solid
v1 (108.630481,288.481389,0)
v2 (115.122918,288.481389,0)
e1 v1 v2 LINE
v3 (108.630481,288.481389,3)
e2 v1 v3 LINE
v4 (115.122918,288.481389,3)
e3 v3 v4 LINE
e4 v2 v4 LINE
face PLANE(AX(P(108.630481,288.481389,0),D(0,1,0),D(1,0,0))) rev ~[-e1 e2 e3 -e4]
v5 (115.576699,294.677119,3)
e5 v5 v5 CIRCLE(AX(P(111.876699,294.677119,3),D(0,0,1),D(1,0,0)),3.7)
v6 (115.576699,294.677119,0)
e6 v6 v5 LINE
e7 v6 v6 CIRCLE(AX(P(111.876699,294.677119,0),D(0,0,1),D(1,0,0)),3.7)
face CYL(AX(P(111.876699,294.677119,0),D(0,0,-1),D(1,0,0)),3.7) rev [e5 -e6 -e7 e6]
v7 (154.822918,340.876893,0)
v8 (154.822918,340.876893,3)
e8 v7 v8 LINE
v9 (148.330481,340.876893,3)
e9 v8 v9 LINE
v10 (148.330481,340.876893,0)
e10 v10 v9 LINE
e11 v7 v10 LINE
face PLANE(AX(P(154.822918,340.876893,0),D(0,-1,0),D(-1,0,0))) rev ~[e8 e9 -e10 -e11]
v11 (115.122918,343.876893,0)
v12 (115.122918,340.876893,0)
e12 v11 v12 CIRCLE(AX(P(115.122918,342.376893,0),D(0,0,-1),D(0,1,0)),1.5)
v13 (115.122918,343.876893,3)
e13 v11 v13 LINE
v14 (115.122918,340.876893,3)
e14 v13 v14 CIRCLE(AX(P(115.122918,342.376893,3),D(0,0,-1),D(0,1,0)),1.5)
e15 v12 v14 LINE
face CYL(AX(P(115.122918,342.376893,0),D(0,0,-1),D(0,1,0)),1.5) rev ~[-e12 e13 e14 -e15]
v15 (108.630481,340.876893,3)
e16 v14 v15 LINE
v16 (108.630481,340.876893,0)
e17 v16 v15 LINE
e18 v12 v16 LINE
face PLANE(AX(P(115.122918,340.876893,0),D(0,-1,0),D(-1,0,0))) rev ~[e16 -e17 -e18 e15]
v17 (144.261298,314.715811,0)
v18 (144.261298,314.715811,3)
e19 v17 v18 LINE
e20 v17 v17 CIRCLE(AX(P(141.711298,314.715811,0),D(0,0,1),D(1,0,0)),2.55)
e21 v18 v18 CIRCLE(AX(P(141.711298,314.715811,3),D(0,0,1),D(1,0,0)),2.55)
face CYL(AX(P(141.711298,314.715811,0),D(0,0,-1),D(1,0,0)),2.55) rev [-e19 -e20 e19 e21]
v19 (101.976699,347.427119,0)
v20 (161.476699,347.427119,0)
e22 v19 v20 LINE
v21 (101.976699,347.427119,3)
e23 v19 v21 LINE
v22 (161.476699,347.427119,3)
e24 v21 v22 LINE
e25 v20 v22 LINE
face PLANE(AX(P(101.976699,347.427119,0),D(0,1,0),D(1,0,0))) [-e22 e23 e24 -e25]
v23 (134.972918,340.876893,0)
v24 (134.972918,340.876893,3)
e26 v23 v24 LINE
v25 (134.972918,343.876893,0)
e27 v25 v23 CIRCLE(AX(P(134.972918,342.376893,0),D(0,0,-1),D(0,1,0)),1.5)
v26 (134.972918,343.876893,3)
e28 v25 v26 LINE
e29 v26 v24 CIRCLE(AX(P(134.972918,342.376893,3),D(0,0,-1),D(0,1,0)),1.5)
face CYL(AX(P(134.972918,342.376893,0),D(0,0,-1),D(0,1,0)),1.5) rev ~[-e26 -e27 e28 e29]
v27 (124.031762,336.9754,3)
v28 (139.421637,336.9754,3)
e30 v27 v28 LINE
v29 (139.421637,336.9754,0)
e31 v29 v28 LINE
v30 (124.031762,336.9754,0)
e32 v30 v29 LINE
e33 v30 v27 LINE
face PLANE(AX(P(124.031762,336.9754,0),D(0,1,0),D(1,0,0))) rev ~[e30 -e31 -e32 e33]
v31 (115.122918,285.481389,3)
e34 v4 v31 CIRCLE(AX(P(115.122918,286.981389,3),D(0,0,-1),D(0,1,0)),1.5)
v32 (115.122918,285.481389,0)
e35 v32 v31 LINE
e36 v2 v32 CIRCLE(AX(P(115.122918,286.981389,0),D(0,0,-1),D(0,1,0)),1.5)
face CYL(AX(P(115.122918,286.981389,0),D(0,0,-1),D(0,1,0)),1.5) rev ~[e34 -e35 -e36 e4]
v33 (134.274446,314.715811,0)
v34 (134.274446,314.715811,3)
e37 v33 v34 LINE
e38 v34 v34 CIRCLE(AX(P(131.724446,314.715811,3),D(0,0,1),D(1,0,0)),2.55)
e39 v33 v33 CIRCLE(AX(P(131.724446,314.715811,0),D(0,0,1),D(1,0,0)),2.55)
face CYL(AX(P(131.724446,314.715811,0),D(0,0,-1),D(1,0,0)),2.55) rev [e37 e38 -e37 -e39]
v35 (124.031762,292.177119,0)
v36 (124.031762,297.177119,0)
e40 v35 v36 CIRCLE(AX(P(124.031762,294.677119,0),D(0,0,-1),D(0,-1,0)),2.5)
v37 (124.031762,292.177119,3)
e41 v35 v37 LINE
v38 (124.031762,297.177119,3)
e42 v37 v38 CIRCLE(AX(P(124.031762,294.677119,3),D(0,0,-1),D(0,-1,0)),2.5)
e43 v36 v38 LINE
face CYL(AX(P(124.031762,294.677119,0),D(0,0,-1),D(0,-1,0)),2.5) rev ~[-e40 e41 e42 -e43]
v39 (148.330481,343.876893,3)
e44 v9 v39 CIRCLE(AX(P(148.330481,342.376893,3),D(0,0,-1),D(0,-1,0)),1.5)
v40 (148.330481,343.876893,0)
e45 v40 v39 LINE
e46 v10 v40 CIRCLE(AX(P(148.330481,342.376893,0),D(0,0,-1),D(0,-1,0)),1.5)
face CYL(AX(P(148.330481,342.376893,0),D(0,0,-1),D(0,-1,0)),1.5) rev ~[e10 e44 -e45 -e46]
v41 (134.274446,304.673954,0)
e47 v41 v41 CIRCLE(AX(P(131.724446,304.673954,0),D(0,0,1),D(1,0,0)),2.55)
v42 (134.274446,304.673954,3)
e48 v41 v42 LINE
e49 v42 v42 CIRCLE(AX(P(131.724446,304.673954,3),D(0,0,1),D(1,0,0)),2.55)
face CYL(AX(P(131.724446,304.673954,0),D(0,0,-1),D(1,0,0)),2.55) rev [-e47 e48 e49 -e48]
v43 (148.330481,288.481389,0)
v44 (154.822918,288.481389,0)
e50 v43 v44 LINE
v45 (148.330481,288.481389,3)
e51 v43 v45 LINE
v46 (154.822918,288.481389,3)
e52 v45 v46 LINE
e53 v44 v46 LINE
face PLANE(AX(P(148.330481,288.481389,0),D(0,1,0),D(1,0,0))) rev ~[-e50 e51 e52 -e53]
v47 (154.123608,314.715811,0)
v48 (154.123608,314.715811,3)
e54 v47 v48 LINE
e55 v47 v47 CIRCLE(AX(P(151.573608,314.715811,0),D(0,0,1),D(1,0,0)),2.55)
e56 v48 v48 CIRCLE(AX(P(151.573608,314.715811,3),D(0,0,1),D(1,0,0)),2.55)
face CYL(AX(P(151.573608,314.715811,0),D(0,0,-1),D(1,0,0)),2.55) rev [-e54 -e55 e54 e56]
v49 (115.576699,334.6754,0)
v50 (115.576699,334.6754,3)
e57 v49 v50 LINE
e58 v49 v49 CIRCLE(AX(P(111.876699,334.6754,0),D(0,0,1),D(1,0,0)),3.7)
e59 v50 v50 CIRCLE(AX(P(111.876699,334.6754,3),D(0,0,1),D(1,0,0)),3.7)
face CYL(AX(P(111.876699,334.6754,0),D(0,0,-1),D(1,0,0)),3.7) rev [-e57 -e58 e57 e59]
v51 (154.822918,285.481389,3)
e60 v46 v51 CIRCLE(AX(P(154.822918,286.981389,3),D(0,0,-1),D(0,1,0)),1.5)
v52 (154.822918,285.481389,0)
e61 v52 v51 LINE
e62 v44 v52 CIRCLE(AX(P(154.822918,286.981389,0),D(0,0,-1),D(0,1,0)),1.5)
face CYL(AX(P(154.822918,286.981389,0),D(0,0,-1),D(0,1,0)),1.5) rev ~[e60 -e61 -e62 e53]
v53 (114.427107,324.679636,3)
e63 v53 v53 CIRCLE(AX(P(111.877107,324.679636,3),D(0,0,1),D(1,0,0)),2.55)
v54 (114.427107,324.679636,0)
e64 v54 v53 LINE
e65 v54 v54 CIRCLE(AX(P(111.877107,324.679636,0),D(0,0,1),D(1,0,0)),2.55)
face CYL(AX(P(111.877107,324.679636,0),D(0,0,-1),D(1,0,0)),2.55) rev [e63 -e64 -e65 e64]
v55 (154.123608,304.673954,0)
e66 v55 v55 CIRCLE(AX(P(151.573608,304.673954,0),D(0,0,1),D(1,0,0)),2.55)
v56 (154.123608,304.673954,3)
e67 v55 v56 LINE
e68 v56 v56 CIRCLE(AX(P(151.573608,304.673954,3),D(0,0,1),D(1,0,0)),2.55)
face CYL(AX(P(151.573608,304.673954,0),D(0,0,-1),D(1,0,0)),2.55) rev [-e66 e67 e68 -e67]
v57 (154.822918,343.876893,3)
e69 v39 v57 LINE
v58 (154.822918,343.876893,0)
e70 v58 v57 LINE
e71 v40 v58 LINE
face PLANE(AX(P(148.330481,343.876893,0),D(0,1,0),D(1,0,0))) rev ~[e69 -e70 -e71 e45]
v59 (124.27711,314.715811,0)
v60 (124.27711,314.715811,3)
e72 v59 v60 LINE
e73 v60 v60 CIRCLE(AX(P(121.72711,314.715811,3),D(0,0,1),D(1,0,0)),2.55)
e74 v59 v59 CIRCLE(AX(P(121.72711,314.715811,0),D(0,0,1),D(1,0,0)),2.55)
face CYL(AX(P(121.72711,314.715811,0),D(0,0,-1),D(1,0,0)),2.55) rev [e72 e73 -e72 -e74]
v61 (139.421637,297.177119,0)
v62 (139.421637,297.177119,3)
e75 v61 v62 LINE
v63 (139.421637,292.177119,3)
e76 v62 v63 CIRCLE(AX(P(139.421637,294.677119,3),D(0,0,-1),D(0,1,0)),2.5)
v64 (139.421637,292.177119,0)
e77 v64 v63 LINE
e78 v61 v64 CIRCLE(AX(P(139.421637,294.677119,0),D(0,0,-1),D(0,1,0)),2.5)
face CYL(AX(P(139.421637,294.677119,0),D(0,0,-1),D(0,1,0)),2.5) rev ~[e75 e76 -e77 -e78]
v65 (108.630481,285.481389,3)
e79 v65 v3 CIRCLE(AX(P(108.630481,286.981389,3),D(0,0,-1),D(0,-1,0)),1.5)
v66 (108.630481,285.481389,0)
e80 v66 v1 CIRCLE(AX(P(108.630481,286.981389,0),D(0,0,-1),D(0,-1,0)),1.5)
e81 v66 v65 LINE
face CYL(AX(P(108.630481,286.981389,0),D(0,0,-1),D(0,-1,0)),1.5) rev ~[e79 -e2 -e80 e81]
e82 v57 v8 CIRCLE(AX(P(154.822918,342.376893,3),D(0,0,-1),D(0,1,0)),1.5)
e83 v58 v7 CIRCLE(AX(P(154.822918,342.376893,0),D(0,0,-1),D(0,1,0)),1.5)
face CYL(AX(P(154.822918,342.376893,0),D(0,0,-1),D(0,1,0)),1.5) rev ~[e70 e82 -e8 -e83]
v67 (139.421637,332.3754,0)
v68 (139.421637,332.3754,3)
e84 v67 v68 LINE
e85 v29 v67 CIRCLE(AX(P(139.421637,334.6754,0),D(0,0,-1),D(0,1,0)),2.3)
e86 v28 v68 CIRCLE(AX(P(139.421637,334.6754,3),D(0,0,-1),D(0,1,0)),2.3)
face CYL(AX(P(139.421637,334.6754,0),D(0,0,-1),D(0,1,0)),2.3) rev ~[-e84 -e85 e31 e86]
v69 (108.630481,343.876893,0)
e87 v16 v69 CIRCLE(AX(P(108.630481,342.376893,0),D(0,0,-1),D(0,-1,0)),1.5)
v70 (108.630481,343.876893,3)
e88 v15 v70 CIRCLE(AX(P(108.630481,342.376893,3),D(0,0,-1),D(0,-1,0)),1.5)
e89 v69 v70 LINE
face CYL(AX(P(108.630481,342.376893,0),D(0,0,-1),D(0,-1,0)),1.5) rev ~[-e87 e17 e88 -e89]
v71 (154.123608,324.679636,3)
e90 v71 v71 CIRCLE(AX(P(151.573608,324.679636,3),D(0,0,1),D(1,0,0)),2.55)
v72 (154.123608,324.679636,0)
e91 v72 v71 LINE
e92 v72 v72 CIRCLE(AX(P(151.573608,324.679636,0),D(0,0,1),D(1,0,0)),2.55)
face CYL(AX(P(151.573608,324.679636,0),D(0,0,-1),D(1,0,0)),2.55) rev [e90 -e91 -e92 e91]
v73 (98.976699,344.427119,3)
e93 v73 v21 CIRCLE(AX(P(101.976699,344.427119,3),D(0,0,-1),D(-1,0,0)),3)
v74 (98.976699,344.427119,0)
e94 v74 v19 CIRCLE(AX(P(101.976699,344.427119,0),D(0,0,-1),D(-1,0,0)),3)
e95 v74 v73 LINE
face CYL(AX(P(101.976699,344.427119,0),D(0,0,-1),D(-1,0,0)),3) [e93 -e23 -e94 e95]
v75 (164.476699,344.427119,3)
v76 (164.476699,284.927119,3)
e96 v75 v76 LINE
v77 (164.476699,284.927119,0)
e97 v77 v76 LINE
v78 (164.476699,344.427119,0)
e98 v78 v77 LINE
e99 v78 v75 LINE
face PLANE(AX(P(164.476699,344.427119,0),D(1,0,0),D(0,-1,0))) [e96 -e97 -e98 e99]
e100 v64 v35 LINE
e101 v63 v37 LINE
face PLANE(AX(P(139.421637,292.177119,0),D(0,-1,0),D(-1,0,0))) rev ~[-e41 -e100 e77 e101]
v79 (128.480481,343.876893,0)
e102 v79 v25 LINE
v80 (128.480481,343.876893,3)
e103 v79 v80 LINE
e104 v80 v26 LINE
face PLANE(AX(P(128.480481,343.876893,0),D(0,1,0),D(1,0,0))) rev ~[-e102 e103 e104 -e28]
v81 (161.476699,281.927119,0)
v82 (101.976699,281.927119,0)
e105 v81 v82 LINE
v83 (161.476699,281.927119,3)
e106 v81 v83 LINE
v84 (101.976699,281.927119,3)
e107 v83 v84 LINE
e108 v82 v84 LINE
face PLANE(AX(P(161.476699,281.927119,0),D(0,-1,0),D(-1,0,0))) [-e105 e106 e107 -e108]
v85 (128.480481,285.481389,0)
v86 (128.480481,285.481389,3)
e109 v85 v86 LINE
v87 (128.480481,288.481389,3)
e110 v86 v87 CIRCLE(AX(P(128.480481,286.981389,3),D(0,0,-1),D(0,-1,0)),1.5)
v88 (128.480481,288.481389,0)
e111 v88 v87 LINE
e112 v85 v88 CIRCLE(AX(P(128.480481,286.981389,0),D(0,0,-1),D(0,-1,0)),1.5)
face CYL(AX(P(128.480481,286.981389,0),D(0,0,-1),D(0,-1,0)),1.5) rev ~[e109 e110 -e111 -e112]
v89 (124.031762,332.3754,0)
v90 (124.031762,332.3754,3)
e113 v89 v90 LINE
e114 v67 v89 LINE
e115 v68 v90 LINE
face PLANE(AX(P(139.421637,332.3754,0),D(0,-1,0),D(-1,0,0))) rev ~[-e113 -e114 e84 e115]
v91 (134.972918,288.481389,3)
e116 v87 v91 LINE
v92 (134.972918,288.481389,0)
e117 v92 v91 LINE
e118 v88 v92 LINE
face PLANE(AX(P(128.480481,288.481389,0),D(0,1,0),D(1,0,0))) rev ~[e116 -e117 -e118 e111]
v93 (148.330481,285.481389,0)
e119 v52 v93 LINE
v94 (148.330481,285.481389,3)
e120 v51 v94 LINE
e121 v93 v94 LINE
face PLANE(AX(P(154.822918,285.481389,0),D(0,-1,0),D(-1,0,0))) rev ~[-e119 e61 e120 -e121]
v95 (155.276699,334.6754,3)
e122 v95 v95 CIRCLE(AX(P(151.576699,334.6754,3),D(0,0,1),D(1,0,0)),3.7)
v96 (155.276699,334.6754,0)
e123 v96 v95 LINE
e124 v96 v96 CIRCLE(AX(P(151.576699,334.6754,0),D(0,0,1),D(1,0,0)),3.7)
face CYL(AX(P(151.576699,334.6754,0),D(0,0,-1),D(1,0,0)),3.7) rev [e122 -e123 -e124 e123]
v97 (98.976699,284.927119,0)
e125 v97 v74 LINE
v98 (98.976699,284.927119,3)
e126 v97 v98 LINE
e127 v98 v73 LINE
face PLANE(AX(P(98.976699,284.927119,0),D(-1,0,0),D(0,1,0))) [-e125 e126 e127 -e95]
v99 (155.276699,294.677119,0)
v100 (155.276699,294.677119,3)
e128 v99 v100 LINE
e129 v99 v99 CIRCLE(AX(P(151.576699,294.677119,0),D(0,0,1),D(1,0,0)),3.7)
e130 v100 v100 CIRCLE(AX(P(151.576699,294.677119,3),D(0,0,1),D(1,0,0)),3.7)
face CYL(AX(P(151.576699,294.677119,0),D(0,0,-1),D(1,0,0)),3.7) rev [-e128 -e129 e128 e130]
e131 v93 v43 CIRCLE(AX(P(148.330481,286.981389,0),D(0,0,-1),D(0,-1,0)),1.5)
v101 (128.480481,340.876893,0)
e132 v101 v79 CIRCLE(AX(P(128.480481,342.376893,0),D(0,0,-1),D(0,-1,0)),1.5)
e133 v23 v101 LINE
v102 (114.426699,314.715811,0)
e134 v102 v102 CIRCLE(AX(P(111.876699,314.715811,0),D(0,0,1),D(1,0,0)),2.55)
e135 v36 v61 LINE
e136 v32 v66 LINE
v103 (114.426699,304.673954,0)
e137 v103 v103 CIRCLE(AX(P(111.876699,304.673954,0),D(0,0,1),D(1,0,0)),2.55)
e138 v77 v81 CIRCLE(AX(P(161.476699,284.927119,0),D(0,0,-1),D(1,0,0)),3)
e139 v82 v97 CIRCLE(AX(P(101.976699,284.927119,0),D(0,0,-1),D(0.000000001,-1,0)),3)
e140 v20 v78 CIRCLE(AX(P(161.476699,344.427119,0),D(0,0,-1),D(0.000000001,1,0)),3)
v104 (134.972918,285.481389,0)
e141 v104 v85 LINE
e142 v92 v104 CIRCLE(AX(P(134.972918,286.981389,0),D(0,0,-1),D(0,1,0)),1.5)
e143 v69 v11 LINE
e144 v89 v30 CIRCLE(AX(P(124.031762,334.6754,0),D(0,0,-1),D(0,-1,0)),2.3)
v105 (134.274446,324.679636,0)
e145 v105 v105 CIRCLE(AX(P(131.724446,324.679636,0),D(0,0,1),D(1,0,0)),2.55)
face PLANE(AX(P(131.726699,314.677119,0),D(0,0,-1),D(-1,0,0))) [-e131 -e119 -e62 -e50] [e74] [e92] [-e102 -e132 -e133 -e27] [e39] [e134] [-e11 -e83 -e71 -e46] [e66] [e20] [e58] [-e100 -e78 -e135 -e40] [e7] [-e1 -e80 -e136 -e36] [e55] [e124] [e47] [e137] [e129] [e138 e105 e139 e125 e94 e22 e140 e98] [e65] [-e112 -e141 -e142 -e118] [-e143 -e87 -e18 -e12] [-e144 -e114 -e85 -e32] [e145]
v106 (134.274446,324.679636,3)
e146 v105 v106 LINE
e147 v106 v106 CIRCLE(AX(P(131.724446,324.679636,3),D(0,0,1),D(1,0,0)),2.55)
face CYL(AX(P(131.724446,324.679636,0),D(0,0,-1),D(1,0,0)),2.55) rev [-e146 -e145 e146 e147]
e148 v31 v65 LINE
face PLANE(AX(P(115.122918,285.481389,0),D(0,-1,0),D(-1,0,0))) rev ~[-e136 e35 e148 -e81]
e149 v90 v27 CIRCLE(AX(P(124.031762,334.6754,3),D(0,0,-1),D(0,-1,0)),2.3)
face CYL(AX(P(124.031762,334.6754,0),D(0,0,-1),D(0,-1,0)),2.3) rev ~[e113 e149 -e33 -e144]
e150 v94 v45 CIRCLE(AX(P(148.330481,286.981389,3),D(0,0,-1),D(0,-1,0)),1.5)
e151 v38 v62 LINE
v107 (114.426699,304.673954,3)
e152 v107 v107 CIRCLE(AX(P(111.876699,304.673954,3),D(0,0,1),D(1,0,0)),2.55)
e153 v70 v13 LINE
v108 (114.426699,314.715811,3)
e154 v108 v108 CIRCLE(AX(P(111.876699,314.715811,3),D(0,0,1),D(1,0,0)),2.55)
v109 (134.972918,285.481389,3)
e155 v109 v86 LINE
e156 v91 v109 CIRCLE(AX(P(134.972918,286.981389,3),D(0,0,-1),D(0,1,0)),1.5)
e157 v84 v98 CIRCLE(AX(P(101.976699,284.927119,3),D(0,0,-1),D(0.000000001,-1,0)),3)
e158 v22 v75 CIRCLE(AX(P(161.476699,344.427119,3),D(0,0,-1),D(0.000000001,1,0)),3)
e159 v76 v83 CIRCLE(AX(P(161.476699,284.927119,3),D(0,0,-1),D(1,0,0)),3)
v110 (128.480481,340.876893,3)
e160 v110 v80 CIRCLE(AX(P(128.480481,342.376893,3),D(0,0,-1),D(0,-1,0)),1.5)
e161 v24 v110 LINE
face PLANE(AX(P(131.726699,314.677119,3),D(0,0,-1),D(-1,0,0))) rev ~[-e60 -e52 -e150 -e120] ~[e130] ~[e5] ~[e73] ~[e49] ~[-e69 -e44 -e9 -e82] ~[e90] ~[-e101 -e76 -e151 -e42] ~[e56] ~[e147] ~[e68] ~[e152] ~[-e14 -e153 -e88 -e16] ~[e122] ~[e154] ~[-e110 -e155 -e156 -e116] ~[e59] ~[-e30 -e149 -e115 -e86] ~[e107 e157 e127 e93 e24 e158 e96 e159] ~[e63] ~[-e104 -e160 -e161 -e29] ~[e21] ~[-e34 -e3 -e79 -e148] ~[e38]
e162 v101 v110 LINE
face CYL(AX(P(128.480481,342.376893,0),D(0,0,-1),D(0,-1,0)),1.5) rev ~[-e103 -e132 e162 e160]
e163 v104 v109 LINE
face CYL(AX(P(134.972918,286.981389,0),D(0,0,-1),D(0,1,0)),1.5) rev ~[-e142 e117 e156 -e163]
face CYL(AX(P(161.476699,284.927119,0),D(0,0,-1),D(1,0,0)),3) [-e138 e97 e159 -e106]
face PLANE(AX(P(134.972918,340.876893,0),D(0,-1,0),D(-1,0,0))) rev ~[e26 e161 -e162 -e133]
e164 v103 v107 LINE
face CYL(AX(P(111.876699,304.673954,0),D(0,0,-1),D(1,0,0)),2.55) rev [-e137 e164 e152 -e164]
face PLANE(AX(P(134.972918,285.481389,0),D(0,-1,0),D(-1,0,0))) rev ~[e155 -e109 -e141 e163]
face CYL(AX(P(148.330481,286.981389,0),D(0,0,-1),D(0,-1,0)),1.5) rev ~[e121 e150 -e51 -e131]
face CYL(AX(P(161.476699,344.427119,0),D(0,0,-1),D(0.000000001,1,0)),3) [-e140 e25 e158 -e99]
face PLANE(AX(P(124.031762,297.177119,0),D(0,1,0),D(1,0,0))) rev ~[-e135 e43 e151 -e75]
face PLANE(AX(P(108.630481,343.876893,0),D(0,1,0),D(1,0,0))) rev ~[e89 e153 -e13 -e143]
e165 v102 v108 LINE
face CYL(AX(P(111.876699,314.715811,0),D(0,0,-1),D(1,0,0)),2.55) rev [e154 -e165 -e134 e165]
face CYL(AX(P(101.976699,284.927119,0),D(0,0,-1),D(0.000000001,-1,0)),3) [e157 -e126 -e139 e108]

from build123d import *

# Parameters (mm, degrees)
ESQUISSE1_R        = 2.55
ESQUISSE1_R_2      = 3.7
BOSS_EXTRU_1_DEPTH = 3


with BuildPart() as part:
    # Esquisse1 → Boss.-Extru.1 (new body)
    with BuildSketch(Plane.XY):
        with BuildLine():
            Line((101.976699249, 347.427119348), (161.476699249, 347.427119348))
            ThreePointArc((161.476699249, 347.427119348), (163.598019592, 346.548439691), (164.476699249, 344.427119348))
            Line((164.476699249, 344.427119348), (164.476699249, 284.927119348))
            ThreePointArc((164.476699249, 284.927119348), (163.598019592, 282.805799004), (161.476699249, 281.927119348))
            Line((161.476699249, 281.927119348), (101.976699249, 281.927119348))
            ThreePointArc((101.976699249, 281.927119348), (99.855378905, 282.805799004), (98.976699249, 284.927119348))
            Line((98.976699249, 284.927119348), (98.976699249, 344.427119348))
            ThreePointArc((98.976699249, 344.427119348), (99.855378905, 346.548439691), (101.976699249, 347.427119348))
        make_face()
        with Locations((111.877106564, 324.67963586)):
            Circle(ESQUISSE1_R, mode=Mode.SUBTRACT)
        with Locations((131.724446066, 324.67963586)):
            Circle(ESQUISSE1_R, mode=Mode.SUBTRACT)
        with Locations((151.573607548, 324.67963586)):
            Circle(ESQUISSE1_R, mode=Mode.SUBTRACT)
        with Locations((111.876699249, 314.71581075)):
            Circle(ESQUISSE1_R, mode=Mode.SUBTRACT)
        with Locations((131.724446066, 314.71581075)):
            Circle(ESQUISSE1_R, mode=Mode.SUBTRACT)
        with Locations((151.573607548, 314.71581075)):
            Circle(ESQUISSE1_R, mode=Mode.SUBTRACT)
        with Locations((121.727110154, 314.71581075)):
            Circle(ESQUISSE1_R, mode=Mode.SUBTRACT)
        with Locations((141.711298303, 314.71581075)):
            Circle(ESQUISSE1_R, mode=Mode.SUBTRACT)
        with Locations((111.876699249, 304.673954232)):
            Circle(ESQUISSE1_R, mode=Mode.SUBTRACT)
        with Locations((131.724446066, 304.673954232)):
            Circle(ESQUISSE1_R, mode=Mode.SUBTRACT)
        with Locations((151.573607548, 304.673954232)):
            Circle(ESQUISSE1_R, mode=Mode.SUBTRACT)
        with Locations((111.876699249, 334.675400392)):
            Circle(ESQUISSE1_R_2, mode=Mode.SUBTRACT)
        with Locations((151.576699249, 334.675400392)):
            Circle(ESQUISSE1_R_2, mode=Mode.SUBTRACT)
        with Locations((111.876699249, 294.677119348)):
            Circle(ESQUISSE1_R_2, mode=Mode.SUBTRACT)
        with Locations((151.576699249, 294.677119348)):
            Circle(ESQUISSE1_R_2, mode=Mode.SUBTRACT)
        with BuildLine():
            Line((108.630480955, 343.876892887), (115.122917543, 343.876892887))
            ThreePointArc((115.122917543, 343.876892887), (116.622917543, 342.376892887), (115.122917543, 340.876892887))
            Line((115.122917543, 340.876892887), (108.630480955, 340.876892887))
            ThreePointArc((108.630480955, 340.876892887), (107.130480955, 342.376892887), (108.630480955, 343.876892887))
        make_face(mode=Mode.SUBTRACT)
        with BuildLine():
            Line((128.480480955, 343.876892887), (134.972917543, 343.876892887))
            ThreePointArc((134.972917543, 343.876892887), (136.472917543, 342.376892887), (134.972917543, 340.876892887))
            Line((134.972917543, 340.876892887), (128.480480955, 340.876892887))
            ThreePointArc((128.480480955, 340.876892887), (126.980480955, 342.376892887), (128.480480955, 343.876892887))
        make_face(mode=Mode.SUBTRACT)
        with BuildLine():
            Line((148.330480955, 343.876892887), (154.822917543, 343.876892887))
            ThreePointArc((154.822917543, 343.876892887), (156.322917543, 342.376892887), (154.822917543, 340.876892887))
            Line((154.822917543, 340.876892887), (148.330480955, 340.876892887))
            ThreePointArc((148.330480955, 340.876892887), (146.830480955, 342.376892887), (148.330480955, 343.876892887))
        make_face(mode=Mode.SUBTRACT)
        with BuildLine():
            Line((108.630480955, 288.481388741), (115.122917543, 288.481388741))
            ThreePointArc((115.122917543, 288.481388741), (116.622917543, 286.981388741), (115.122917543, 285.481388741))
            Line((115.122917543, 285.481388741), (108.630480955, 285.481388741))
            ThreePointArc((108.630480955, 285.481388741), (107.130480955, 286.981388741), (108.630480955, 288.481388741))
        make_face(mode=Mode.SUBTRACT)
        with BuildLine():
            Line((128.480480955, 288.481388741), (134.972917543, 288.481388741))
            ThreePointArc((134.972917543, 288.481388741), (136.472917543, 286.981388741), (134.972917543, 285.481388741))
            Line((134.972917543, 285.481388741), (128.480480955, 285.481388741))
            ThreePointArc((128.480480955, 285.481388741), (126.980480955, 286.981388741), (128.480480955, 288.481388741))
        make_face(mode=Mode.SUBTRACT)
        with BuildLine():
            Line((148.330480955, 288.481388741), (154.822917543, 288.481388741))
            ThreePointArc((154.822917543, 288.481388741), (156.322917543, 286.981388741), (154.822917543, 285.481388741))
            Line((154.822917543, 285.481388741), (148.330480955, 285.481388741))
            ThreePointArc((148.330480955, 285.481388741), (146.830480955, 286.981388741), (148.330480955, 288.481388741))
        make_face(mode=Mode.SUBTRACT)
        with BuildLine():
            Line((124.031761784, 336.975400392), (139.421636714, 336.975400392))
            ThreePointArc((139.421636714, 336.975400392), (141.721636714, 334.675400392), (139.421636714, 332.375400392))
            Line((139.421636714, 332.375400392), (124.031761784, 332.375400392))
            ThreePointArc((124.031761784, 332.375400392), (121.731761784, 334.675400392), (124.031761784, 336.975400392))
        make_face(mode=Mode.SUBTRACT)
        with BuildLine():
            Line((124.031761784, 297.177119348), (139.421636714, 297.177119348))
            ThreePointArc((139.421636714, 297.177119348), (141.921636714, 294.677119348), (139.421636714, 292.177119348))
            Line((139.421636714, 292.177119348), (124.031761784, 292.177119348))
            ThreePointArc((124.031761784, 292.177119348), (121.531761784, 294.677119348), (124.031761784, 297.177119348))
        make_face(mode=Mode.SUBTRACT)
    extrude(amount=BOSS_EXTRU_1_DEPTH)


solid = part.part
